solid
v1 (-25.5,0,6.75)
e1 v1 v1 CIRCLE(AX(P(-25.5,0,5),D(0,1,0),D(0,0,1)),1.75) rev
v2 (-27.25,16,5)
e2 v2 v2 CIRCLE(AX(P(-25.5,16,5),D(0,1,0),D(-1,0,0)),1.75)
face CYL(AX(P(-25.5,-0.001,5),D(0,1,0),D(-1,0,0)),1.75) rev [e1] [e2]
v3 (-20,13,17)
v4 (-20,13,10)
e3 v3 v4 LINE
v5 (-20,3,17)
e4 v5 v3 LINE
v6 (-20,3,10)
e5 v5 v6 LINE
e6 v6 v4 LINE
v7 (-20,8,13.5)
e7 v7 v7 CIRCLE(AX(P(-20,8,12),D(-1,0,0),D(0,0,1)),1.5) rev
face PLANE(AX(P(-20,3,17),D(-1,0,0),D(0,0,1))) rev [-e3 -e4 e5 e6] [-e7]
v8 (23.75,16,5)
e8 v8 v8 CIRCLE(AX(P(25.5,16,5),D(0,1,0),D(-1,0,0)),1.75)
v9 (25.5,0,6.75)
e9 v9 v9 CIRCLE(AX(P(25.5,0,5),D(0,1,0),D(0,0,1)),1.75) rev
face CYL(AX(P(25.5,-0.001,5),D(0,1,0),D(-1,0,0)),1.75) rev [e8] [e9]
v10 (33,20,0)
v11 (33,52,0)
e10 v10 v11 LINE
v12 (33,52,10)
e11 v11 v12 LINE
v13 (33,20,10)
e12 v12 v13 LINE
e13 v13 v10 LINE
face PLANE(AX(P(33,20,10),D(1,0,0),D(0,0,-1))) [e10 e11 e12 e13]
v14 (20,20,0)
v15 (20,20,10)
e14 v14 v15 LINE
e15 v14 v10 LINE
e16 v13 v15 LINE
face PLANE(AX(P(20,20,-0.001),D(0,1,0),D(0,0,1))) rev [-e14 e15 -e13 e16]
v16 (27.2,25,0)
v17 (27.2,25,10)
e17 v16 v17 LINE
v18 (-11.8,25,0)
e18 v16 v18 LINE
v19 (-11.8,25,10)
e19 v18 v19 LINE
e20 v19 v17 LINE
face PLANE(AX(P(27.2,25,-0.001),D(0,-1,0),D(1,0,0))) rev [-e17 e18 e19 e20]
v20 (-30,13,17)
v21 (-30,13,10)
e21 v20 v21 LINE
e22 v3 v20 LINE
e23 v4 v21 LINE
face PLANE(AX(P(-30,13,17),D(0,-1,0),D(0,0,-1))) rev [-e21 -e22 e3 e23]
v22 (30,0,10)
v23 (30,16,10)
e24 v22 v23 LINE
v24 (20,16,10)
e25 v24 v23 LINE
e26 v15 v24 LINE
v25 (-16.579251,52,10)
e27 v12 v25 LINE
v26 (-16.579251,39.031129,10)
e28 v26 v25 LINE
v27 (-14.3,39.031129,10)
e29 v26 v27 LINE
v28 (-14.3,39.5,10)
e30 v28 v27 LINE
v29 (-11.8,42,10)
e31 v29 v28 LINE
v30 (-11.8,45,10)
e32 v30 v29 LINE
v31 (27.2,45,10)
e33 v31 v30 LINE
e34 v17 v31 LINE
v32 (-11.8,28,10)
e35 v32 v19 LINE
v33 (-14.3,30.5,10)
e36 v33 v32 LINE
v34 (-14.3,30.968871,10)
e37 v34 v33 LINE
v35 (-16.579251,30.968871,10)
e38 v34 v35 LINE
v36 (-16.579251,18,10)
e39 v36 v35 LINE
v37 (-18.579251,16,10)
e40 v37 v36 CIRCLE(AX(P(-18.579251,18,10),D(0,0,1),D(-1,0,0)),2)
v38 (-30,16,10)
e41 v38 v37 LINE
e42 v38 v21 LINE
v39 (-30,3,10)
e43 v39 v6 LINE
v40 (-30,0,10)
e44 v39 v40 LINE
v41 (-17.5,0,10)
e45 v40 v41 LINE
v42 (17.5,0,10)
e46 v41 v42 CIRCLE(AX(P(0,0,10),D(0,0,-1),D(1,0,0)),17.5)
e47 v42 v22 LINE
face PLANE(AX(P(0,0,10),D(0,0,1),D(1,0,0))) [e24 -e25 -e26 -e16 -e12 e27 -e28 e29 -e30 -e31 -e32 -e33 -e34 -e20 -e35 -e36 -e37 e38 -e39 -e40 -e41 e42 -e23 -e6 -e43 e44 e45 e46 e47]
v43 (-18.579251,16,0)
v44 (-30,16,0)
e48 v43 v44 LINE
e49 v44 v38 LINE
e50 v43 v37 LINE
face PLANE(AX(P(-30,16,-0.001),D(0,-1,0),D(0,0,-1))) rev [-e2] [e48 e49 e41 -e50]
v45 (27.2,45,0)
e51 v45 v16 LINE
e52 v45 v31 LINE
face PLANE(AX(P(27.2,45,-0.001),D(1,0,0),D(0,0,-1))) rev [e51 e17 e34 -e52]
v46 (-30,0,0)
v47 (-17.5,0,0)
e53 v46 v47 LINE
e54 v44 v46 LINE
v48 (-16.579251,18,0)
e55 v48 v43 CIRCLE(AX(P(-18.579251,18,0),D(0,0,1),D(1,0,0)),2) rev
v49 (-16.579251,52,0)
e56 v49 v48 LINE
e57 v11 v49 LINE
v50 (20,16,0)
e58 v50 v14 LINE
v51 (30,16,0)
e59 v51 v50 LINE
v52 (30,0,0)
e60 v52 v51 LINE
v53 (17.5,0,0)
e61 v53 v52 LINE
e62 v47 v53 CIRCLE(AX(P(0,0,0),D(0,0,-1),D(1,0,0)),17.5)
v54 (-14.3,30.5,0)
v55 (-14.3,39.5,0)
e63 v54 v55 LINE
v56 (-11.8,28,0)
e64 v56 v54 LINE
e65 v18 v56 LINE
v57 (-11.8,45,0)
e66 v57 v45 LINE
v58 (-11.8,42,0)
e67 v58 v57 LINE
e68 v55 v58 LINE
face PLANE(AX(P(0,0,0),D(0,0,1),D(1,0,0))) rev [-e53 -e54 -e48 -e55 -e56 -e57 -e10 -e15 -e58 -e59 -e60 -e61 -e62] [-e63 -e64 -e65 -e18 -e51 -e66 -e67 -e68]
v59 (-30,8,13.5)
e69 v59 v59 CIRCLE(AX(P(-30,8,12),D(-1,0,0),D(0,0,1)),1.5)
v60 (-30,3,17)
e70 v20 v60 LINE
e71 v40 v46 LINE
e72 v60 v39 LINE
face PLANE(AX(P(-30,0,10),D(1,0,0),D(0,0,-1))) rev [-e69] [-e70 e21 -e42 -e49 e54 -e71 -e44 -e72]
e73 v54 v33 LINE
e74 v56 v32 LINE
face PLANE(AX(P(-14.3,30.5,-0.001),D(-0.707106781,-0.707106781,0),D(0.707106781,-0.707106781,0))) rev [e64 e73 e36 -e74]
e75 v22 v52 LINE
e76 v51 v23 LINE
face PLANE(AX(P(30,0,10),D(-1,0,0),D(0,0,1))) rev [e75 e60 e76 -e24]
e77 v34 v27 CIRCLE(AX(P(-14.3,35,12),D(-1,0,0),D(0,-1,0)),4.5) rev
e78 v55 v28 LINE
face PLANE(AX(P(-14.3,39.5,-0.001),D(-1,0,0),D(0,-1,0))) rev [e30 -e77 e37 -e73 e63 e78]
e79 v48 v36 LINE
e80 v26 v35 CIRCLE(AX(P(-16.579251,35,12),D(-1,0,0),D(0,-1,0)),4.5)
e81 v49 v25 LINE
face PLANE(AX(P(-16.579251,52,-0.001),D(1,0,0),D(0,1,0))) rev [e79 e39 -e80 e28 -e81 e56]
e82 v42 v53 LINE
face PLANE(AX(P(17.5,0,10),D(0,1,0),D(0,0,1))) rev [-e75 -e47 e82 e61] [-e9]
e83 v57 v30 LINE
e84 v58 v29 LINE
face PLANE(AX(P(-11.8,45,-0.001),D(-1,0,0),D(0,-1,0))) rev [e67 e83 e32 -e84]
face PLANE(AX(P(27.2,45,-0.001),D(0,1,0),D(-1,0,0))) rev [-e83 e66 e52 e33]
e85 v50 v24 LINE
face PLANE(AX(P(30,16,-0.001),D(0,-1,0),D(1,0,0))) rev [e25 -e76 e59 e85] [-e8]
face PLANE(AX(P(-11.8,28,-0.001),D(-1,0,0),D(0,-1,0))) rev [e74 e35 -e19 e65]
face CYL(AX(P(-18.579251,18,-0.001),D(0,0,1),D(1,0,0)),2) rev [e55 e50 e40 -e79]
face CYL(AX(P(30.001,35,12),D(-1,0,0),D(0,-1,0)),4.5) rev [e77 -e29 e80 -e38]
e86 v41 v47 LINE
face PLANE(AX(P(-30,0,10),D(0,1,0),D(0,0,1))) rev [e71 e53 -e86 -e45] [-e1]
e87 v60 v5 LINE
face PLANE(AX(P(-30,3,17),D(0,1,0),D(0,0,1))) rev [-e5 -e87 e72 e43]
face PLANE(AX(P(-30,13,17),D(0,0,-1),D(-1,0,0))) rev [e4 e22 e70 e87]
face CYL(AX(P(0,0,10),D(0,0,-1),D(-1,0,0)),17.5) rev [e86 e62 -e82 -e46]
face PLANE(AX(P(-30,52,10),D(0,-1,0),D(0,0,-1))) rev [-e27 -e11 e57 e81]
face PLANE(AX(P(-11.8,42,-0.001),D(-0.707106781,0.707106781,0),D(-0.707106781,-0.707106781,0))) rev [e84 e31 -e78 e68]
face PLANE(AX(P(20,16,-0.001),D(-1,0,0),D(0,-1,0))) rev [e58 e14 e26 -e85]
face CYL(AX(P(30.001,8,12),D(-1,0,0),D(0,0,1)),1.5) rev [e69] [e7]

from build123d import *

# Parameters (mm, degrees)
Y_KSEKLIK_EKSTR_ZYON1_DEPTH = 10
CUT_EXTRUDE1_REACH          = 62.86
SKETCH1_W                   = 10
SKETCH1_H                   = 4
SKETCH1_H_2                 = 36
CUT_EXTRUDE2_REACH          = 49.917
SKETCH2_R                   = 1.75
SKETCH3_W                   = 10
SKETCH3_H                   = 10
BOSS_EXTRUDE1_DEPTH         = 7
CUT_EXTRUDE3_REACH          = 83.197
SKETCH4_R                   = 1.5
CUT_EXTRUDE4_REACH          = 62.86
CUT_EXTRUDE5_REACH          = 73.851
SKETCH7_R                   = 4.5
SKETCH8_W                   = 10
SKETCH8_H                   = 32
BOSS_EXTRUDE2_DEPTH         = 3


with BuildPart() as part:
    # Çizim1 → Yükseklik-Ekstrüzyon1 (new body)
    with BuildSketch(Plane.XY):
        with BuildLine():
            Line((-30, 0), (-17.5, 0))
            ThreePointArc((-17.5, 0), (0, 17.5), (17.5, 0))
            Line((17.5, 0), (30, 0))
            Line((30, 0), (30, 52))
            Line((30, 52), (-30, 52))
            Line((-30, 52), (-30, 0))
        make_face()
    extrude(amount=Y_KSEKLIK_EKSTR_ZYON1_DEPTH)

    # Sketch1 → Cut-Extrude1 (cut, up to next)
    with BuildSketch(Plane.XY.offset(10), mode=Mode.PRIVATE) as cut_extrude1_sk1:
        with Locations((25, 18)):
            Rectangle(SKETCH1_W, SKETCH1_H)
    cut_extrude1_tool1 = extrude(cut_extrude1_sk1.sketch, amount=-CUT_EXTRUDE1_REACH, mode=Mode.PRIVATE) & part.part
    # Sketch1 → Cut-Extrude1 (cut, up to next)
    with BuildSketch(Plane.XY.offset(10), mode=Mode.PRIVATE) as cut_extrude1_sk2:
        with Locations((-25, 34)):
            Rectangle(SKETCH1_W, SKETCH1_H_2)
    cut_extrude1_tool2 = extrude(cut_extrude1_sk2.sketch, amount=-CUT_EXTRUDE1_REACH, mode=Mode.PRIVATE) & part.part
    add(cut_extrude1_tool1.solids().sort_by_distance((25, 18, 10))[0], mode=Mode.SUBTRACT)
    add(cut_extrude1_tool2.solids().sort_by_distance((-25, 34, 10))[0], mode=Mode.SUBTRACT)

    # Sketch2 → Cut-Extrude2 (cut, up to next)
    with BuildSketch(Plane(origin=(0, 16, 0), x_dir=(1, 0, 0), z_dir=(0, 1, 0)), mode=Mode.PRIVATE) as cut_extrude2_sk1:
        with Locations(Location((-25.5, -5, 0), (0, 0, 180))):
            Circle(SKETCH2_R)
    cut_extrude2_tool1 = extrude(cut_extrude2_sk1.sketch, amount=-CUT_EXTRUDE2_REACH, mode=Mode.PRIVATE) & part.part
    # Sketch2 → Cut-Extrude2 (cut, up to next)
    with BuildSketch(Plane(origin=(0, 16, 0), x_dir=(1, 0, 0), z_dir=(0, 1, 0)), mode=Mode.PRIVATE) as cut_extrude2_sk2:
        with Locations(Location((25.5, -5, 0), (0, 0, 180))):
            Circle(SKETCH2_R)
    cut_extrude2_tool2 = extrude(cut_extrude2_sk2.sketch, amount=-CUT_EXTRUDE2_REACH, mode=Mode.PRIVATE) & part.part
    add(cut_extrude2_tool1.solids().sort_by_distance((-25.5, 16, 5))[0], mode=Mode.SUBTRACT)
    add(cut_extrude2_tool2.solids().sort_by_distance((25.5, 16, 5))[0], mode=Mode.SUBTRACT)

    # Sketch3 → Boss-Extrude1 (add)
    with BuildSketch(Plane.XY.offset(10)):
        with Locations((-25, 8)):
            Rectangle(SKETCH3_W, SKETCH3_H)
    extrude(amount=BOSS_EXTRUDE1_DEPTH)

    # Sketch4 → Cut-Extrude3 (cut, up to next)
    with BuildSketch(Plane.ZY.offset(30), mode=Mode.PRIVATE) as cut_extrude3_sk1:
        with Locations((12, 8)):
            Circle(SKETCH4_R)
    cut_extrude3_tool1 = extrude(cut_extrude3_sk1.sketch, amount=-CUT_EXTRUDE3_REACH, mode=Mode.PRIVATE) & part.part
    add(cut_extrude3_tool1.solids().sort_by_distance((-30, 8, 12))[0], mode=Mode.SUBTRACT)

    # Sketch6 → Cut-Extrude4 (cut, up to next)
    with BuildSketch(Plane.XY.offset(10), mode=Mode.PRIVATE) as cut_extrude4_sk1:
        with BuildLine():
            Line((-20, 52), (-16.579251378, 52))
            Line((-16.579251378, 52), (-16.579251378, 18))
            ThreePointArc((-16.579251378, 18), (-17.165037815, 16.585786438), (-18.579251378, 16))
            Line((-18.579251378, 16), (-20, 16))
            Line((-20, 16), (-20, 52))
        make_face()
    cut_extrude4_tool1 = extrude(cut_extrude4_sk1.sketch, amount=-CUT_EXTRUDE4_REACH, mode=Mode.PRIVATE) & part.part
    # Sketch6 → Cut-Extrude4 (cut, up to next)
    with BuildSketch(Plane.XY.offset(10), mode=Mode.PRIVATE) as cut_extrude4_sk2:
        Polygon((27.2, 45), (-11.8, 45), (-11.8, 42), (-14.3, 39.5), (-14.3, 30.5), (-11.8, 28), (-11.8, 25), (27.2, 25), align=None)
    cut_extrude4_tool2 = extrude(cut_extrude4_sk2.sketch, amount=-CUT_EXTRUDE4_REACH, mode=Mode.PRIVATE) & part.part
    add(cut_extrude4_tool1.solids().sort_by_distance((-18.298496, 34.123216, 10))[0], mode=Mode.SUBTRACT)
    add(cut_extrude4_tool2.solids().sort_by_distance((6.965585, 35, 10))[0], mode=Mode.SUBTRACT)

    # Sketch7 → Cut-Extrude5 (cut, up to next)
    with BuildSketch(Plane.ZY.offset(16.579251378), mode=Mode.PRIVATE) as cut_extrude5_sk1:
        with Locations((12, 35)):
            Circle(SKETCH7_R)
    cut_extrude5_tool1 = extrude(cut_extrude5_sk1.sketch, amount=-CUT_EXTRUDE5_REACH, mode=Mode.PRIVATE) & part.part
    add(cut_extrude5_tool1.solids().sort_by_distance((-16.579251, 35, 12))[0], mode=Mode.SUBTRACT)

    # Sketch8 → Boss-Extrude2 (add)
    with BuildSketch(Plane(origin=(30, 0, 0), x_dir=(0, 0, -1), z_dir=(1, 0, 0))):
        with Locations((-5, 36)):
            Rectangle(SKETCH8_W, SKETCH8_H)
    extrude(amount=BOSS_EXTRUDE2_DEPTH)


solid = part.part
